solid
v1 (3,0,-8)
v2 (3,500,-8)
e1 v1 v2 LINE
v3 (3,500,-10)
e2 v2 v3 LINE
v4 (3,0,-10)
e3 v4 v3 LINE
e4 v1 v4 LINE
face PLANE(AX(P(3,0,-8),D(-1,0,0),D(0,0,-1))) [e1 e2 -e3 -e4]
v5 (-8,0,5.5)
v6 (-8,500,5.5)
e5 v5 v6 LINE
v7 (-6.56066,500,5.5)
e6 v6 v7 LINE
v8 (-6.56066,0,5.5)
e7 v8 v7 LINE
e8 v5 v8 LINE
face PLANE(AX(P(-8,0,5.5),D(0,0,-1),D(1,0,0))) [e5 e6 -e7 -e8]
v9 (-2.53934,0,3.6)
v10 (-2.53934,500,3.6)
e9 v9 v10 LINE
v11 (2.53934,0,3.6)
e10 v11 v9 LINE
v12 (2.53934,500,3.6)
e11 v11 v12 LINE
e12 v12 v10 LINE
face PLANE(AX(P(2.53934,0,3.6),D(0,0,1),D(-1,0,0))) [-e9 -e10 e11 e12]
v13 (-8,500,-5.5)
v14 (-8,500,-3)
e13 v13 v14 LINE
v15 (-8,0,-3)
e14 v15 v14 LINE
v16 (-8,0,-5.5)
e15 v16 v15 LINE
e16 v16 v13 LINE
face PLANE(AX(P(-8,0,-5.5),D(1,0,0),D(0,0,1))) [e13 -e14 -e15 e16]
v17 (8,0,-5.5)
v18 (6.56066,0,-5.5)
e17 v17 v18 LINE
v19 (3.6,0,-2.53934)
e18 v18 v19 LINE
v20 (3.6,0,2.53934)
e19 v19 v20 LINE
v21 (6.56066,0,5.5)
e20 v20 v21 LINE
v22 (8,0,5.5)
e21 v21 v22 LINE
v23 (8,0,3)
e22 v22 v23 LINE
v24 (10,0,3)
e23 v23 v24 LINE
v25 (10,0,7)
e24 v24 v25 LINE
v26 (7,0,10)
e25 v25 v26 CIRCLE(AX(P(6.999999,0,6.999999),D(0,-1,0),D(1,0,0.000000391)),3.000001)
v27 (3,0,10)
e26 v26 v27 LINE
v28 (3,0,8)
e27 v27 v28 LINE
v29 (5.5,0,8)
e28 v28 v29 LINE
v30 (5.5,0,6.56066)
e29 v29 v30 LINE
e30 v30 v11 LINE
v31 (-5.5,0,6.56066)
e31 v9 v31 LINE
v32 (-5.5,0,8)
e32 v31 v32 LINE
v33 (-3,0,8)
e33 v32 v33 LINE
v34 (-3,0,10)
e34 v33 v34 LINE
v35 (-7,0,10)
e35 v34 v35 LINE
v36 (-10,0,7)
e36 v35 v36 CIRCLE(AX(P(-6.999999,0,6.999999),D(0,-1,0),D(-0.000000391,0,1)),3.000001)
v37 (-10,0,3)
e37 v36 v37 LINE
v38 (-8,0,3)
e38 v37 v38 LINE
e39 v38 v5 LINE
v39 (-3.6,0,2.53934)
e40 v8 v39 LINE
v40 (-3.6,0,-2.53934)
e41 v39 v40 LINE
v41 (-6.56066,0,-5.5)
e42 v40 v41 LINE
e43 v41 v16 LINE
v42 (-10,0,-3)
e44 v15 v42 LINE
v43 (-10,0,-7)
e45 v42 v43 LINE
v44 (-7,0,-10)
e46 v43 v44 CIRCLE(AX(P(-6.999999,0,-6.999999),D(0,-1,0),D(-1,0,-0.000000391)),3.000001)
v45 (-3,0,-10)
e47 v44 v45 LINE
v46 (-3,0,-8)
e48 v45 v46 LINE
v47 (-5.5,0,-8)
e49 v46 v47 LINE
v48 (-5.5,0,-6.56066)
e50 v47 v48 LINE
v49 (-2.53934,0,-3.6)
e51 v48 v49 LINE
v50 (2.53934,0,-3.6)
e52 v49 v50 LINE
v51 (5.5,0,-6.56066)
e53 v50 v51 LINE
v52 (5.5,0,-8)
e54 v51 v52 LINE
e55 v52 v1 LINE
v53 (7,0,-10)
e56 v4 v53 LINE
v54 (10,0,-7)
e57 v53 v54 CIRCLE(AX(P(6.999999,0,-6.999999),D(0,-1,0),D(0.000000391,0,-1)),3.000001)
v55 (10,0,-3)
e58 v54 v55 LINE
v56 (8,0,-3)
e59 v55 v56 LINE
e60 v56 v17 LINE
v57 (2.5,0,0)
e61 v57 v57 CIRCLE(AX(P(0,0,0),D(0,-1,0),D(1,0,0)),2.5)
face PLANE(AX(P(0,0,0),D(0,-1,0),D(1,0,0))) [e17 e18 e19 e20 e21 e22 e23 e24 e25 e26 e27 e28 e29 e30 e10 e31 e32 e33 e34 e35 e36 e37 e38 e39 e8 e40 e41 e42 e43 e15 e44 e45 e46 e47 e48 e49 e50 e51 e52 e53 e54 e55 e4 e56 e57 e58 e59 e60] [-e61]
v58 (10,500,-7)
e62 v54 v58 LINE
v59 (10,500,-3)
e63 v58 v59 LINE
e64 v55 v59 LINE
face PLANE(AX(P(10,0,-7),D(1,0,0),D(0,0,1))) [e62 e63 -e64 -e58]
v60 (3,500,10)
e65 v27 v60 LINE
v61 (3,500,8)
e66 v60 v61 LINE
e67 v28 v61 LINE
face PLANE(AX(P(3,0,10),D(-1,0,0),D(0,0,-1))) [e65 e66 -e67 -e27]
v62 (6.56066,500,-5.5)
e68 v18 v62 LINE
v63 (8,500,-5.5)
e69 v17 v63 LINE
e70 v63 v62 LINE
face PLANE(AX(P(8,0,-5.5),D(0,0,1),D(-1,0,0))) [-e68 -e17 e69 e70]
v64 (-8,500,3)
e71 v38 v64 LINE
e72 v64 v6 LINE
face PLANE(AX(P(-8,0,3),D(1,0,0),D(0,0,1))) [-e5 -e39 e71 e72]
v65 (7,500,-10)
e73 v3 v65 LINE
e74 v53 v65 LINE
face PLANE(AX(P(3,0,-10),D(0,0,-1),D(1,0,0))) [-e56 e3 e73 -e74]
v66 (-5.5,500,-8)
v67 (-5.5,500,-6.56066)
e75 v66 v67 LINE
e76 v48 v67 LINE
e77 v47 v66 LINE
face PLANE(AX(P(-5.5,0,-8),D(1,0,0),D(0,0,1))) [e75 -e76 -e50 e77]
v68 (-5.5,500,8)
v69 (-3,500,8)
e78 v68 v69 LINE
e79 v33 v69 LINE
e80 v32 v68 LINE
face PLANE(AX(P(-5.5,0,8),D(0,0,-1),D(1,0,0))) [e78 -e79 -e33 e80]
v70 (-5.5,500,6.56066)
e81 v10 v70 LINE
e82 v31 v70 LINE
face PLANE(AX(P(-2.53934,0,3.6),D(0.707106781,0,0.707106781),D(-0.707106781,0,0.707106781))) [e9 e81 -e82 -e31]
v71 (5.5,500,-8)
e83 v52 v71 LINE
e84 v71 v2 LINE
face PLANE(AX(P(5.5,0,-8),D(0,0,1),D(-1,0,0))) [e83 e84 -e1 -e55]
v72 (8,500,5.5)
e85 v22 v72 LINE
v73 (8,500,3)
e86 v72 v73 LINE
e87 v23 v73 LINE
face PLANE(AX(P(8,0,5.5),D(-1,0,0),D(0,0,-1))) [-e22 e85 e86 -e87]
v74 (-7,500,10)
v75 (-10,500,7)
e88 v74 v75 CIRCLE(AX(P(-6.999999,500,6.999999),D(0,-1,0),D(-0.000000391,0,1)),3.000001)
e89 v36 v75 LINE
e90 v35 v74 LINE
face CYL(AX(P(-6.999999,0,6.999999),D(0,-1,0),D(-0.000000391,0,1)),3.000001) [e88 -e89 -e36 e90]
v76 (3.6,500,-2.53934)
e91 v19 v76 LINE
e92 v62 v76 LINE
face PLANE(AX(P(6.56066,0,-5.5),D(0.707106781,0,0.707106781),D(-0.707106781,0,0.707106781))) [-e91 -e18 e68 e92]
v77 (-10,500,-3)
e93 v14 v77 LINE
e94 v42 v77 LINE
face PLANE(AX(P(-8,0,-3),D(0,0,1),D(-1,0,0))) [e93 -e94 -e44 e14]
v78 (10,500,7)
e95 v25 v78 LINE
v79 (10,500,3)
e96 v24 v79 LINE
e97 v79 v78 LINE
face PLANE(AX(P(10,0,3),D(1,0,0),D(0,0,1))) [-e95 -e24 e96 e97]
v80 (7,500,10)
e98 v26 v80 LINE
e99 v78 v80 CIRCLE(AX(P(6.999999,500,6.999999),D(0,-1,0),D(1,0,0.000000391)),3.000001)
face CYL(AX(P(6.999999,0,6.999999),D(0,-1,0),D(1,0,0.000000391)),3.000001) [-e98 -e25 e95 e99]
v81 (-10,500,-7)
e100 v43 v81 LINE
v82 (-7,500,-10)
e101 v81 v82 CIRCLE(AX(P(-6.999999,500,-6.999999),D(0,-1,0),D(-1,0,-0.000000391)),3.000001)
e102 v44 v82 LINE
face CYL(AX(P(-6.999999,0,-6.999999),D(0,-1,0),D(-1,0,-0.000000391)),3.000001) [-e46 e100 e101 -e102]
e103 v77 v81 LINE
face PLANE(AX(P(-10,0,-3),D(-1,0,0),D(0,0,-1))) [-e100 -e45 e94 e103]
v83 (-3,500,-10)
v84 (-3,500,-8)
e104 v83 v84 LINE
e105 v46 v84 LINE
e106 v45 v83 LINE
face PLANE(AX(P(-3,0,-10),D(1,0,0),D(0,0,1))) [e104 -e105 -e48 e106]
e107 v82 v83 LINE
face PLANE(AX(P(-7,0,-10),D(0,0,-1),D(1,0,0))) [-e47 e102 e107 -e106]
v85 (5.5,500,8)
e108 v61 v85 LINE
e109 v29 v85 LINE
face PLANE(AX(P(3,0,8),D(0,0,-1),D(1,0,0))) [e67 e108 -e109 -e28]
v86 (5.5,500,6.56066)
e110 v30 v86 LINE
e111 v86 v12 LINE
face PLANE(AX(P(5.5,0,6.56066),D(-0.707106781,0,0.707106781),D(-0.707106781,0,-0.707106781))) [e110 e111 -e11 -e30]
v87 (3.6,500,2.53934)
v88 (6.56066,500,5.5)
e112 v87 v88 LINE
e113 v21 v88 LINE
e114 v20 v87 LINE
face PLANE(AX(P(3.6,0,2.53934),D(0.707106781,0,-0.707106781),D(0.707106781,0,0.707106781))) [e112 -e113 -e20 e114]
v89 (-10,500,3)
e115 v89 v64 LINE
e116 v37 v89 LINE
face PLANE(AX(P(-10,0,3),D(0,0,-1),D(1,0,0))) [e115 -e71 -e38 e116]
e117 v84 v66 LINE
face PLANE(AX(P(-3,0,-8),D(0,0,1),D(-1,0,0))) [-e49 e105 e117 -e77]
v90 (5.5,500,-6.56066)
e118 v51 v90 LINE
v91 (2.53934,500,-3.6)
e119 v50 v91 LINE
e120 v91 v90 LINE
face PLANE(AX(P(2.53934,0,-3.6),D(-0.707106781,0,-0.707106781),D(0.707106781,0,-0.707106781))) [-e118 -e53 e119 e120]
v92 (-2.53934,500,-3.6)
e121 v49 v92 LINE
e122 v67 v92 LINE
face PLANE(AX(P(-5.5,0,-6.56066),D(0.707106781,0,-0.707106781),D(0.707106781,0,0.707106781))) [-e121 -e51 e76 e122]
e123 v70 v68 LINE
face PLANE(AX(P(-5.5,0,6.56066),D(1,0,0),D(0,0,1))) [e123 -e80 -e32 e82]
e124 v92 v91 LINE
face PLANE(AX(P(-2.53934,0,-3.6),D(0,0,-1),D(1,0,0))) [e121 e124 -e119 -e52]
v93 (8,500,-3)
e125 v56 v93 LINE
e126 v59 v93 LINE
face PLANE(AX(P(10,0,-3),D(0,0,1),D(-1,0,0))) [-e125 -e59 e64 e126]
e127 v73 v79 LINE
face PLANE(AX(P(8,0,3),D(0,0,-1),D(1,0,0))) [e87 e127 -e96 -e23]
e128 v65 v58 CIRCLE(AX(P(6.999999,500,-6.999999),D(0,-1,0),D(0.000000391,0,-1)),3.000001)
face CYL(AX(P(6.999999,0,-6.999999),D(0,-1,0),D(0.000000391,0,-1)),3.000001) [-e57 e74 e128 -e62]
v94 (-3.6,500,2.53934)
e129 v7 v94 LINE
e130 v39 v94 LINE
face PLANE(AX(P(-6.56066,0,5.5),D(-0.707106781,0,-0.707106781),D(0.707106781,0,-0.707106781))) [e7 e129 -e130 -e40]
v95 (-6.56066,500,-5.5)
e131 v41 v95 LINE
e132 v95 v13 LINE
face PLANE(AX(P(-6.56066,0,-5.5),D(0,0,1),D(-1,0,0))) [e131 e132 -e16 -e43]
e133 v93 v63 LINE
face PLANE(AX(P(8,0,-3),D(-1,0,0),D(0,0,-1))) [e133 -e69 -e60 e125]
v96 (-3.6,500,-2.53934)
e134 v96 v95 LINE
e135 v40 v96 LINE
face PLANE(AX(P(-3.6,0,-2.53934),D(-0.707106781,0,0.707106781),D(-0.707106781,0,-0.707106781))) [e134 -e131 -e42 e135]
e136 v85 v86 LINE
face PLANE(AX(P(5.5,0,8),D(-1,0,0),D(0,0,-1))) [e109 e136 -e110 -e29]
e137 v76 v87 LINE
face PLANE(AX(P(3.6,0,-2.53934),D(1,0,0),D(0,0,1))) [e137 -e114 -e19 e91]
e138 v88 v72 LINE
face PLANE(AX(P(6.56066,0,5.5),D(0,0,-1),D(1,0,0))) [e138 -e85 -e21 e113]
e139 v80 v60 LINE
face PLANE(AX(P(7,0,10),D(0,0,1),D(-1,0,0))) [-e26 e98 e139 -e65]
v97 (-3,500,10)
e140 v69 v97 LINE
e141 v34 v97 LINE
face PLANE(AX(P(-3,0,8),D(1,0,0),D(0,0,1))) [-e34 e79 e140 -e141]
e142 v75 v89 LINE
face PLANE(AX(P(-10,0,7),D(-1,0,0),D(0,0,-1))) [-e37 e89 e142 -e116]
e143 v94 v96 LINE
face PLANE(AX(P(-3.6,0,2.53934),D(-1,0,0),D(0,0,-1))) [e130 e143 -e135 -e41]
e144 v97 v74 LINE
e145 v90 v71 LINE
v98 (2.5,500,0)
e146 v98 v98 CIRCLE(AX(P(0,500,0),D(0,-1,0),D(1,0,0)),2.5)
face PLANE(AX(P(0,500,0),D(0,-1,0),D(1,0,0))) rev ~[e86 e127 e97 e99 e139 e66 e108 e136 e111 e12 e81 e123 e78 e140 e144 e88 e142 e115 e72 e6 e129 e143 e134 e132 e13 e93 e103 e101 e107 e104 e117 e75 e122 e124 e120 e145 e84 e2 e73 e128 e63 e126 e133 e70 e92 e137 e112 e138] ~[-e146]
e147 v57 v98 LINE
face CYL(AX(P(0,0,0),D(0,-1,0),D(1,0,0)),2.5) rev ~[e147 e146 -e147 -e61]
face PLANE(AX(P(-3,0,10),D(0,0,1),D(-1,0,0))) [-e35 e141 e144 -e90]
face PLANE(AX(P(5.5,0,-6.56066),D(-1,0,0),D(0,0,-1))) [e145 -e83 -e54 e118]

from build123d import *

# Parameters (mm, degrees)
F0_R     = 2.5
F1_DEPTH = 500


with BuildPart() as f1:
    # F0 (on Front) → F1 (new body)
    with BuildSketch(Plane.XZ):
        with BuildLine():
            Line((3, -10), (7, -10))
            ThreePointArc((7, -10), (9.12132, -9.12132), (10, -7))
            Line((10, -7), (10, -3))
            Line((10, -3), (8, -3))
            Line((8, -3), (8, -5.5))
            Line((8, -5.5), (8, -6.93934))
            Line((8, -6.93934), (6.56066, -5.5))
            Line((6.56066, -5.5), (3.6, -2.53934))
            Line((3.6, -2.53934), (3.6, 2.53934))
            Line((3.6, 2.53934), (6.56066, 5.5))
            Line((6.56066, 5.5), (8, 6.93934))
            Line((8, 6.93934), (8, 5.5))
            Line((8, 5.5), (8, 3))
            Line((8, 3), (10, 3))
            Line((10, 3), (10, 7))
            ThreePointArc((10, 7), (9.12132, 9.12132), (7, 10))
            Line((7, 10), (3, 10))
            Line((3, 10), (3, 8))
            Line((3, 8), (5.5, 8))
            Line((5.5, 8), (6.93934, 8))
            Line((6.93934, 8), (5.5, 6.56066))
            Line((5.5, 6.56066), (2.53934, 3.6))
            Line((2.53934, 3.6), (-2.53934, 3.6))
            Line((-2.53934, 3.6), (-5.5, 6.56066))
            Line((-5.5, 6.56066), (-6.93934, 8))
            Line((-6.93934, 8), (-5.5, 8))
            Line((-5.5, 8), (-3, 8))
            Line((-3, 8), (-3, 10))
            Line((-3, 10), (-7, 10))
            ThreePointArc((-7, 10), (-9.12132, 9.12132), (-10, 7))
            Line((-10, 7), (-10, 3))
            Line((-10, 3), (-8, 3))
            Line((-8, 3), (-8, 5.5))
            Line((-8, 5.5), (-8, 6.93934))
            Line((-8, 6.93934), (-6.56066, 5.5))
            Line((-6.56066, 5.5), (-3.6, 2.53934))
            Line((-3.6, 2.53934), (-3.6, -2.53934))
            Line((-3.6, -2.53934), (-6.56066, -5.5))
            Line((-6.56066, -5.5), (-8, -6.93934))
            Line((-8, -6.93934), (-8, -5.5))
            Line((-8, -5.5), (-8, -3))
            Line((-8, -3), (-10, -3))
            Line((-10, -3), (-10, -7))
            ThreePointArc((-10, -7), (-9.12132, -9.12132), (-7, -10))
            Line((-7, -10), (-3, -10))
            Line((-3, -10), (-3, -8))
            Line((-3, -8), (-5.5, -8))
            Line((-5.5, -8), (-6.93934, -8))
            Line((-6.93934, -8), (-5.5, -6.56066))
            Line((-5.5, -6.56066), (-2.53934, -3.6))
            Line((-2.53934, -3.6), (2.53934, -3.6))
            Line((2.53934, -3.6), (5.5, -6.56066))
            Line((5.5, -6.56066), (6.93934, -8))
            Line((6.93934, -8), (5.5, -8))
            Line((5.5, -8), (3, -8))
            Line((3, -8), (3, -10))
        make_face()
        Circle(F0_R, mode=Mode.SUBTRACT)
        Polygon((5.5, -6.56066), (5.5, -8), (6.93934, -8), align=None)
        Polygon((8, -6.93934), (8, -5.5), (6.56066, -5.5), align=None)
        Polygon((-5.5, -8), (-5.5, -6.56066), (-6.93934, -8), align=None)
        Polygon((8, 6.93934), (6.56066, 5.5), (8, 5.5), align=None)
        Polygon((-6.56066, -5.5), (-8, -5.5), (-8, -6.93934), align=None)
        Polygon((6.93934, 8), (5.5, 8), (5.5, 6.56066), align=None)
        Polygon((-8, 5.5), (-6.56066, 5.5), (-8, 6.93934), align=None)
        Polygon((-6.93934, 8), (-5.5, 6.56066), (-5.5, 8), align=None)
    extrude(amount=-F1_DEPTH)


solid = f1.part
